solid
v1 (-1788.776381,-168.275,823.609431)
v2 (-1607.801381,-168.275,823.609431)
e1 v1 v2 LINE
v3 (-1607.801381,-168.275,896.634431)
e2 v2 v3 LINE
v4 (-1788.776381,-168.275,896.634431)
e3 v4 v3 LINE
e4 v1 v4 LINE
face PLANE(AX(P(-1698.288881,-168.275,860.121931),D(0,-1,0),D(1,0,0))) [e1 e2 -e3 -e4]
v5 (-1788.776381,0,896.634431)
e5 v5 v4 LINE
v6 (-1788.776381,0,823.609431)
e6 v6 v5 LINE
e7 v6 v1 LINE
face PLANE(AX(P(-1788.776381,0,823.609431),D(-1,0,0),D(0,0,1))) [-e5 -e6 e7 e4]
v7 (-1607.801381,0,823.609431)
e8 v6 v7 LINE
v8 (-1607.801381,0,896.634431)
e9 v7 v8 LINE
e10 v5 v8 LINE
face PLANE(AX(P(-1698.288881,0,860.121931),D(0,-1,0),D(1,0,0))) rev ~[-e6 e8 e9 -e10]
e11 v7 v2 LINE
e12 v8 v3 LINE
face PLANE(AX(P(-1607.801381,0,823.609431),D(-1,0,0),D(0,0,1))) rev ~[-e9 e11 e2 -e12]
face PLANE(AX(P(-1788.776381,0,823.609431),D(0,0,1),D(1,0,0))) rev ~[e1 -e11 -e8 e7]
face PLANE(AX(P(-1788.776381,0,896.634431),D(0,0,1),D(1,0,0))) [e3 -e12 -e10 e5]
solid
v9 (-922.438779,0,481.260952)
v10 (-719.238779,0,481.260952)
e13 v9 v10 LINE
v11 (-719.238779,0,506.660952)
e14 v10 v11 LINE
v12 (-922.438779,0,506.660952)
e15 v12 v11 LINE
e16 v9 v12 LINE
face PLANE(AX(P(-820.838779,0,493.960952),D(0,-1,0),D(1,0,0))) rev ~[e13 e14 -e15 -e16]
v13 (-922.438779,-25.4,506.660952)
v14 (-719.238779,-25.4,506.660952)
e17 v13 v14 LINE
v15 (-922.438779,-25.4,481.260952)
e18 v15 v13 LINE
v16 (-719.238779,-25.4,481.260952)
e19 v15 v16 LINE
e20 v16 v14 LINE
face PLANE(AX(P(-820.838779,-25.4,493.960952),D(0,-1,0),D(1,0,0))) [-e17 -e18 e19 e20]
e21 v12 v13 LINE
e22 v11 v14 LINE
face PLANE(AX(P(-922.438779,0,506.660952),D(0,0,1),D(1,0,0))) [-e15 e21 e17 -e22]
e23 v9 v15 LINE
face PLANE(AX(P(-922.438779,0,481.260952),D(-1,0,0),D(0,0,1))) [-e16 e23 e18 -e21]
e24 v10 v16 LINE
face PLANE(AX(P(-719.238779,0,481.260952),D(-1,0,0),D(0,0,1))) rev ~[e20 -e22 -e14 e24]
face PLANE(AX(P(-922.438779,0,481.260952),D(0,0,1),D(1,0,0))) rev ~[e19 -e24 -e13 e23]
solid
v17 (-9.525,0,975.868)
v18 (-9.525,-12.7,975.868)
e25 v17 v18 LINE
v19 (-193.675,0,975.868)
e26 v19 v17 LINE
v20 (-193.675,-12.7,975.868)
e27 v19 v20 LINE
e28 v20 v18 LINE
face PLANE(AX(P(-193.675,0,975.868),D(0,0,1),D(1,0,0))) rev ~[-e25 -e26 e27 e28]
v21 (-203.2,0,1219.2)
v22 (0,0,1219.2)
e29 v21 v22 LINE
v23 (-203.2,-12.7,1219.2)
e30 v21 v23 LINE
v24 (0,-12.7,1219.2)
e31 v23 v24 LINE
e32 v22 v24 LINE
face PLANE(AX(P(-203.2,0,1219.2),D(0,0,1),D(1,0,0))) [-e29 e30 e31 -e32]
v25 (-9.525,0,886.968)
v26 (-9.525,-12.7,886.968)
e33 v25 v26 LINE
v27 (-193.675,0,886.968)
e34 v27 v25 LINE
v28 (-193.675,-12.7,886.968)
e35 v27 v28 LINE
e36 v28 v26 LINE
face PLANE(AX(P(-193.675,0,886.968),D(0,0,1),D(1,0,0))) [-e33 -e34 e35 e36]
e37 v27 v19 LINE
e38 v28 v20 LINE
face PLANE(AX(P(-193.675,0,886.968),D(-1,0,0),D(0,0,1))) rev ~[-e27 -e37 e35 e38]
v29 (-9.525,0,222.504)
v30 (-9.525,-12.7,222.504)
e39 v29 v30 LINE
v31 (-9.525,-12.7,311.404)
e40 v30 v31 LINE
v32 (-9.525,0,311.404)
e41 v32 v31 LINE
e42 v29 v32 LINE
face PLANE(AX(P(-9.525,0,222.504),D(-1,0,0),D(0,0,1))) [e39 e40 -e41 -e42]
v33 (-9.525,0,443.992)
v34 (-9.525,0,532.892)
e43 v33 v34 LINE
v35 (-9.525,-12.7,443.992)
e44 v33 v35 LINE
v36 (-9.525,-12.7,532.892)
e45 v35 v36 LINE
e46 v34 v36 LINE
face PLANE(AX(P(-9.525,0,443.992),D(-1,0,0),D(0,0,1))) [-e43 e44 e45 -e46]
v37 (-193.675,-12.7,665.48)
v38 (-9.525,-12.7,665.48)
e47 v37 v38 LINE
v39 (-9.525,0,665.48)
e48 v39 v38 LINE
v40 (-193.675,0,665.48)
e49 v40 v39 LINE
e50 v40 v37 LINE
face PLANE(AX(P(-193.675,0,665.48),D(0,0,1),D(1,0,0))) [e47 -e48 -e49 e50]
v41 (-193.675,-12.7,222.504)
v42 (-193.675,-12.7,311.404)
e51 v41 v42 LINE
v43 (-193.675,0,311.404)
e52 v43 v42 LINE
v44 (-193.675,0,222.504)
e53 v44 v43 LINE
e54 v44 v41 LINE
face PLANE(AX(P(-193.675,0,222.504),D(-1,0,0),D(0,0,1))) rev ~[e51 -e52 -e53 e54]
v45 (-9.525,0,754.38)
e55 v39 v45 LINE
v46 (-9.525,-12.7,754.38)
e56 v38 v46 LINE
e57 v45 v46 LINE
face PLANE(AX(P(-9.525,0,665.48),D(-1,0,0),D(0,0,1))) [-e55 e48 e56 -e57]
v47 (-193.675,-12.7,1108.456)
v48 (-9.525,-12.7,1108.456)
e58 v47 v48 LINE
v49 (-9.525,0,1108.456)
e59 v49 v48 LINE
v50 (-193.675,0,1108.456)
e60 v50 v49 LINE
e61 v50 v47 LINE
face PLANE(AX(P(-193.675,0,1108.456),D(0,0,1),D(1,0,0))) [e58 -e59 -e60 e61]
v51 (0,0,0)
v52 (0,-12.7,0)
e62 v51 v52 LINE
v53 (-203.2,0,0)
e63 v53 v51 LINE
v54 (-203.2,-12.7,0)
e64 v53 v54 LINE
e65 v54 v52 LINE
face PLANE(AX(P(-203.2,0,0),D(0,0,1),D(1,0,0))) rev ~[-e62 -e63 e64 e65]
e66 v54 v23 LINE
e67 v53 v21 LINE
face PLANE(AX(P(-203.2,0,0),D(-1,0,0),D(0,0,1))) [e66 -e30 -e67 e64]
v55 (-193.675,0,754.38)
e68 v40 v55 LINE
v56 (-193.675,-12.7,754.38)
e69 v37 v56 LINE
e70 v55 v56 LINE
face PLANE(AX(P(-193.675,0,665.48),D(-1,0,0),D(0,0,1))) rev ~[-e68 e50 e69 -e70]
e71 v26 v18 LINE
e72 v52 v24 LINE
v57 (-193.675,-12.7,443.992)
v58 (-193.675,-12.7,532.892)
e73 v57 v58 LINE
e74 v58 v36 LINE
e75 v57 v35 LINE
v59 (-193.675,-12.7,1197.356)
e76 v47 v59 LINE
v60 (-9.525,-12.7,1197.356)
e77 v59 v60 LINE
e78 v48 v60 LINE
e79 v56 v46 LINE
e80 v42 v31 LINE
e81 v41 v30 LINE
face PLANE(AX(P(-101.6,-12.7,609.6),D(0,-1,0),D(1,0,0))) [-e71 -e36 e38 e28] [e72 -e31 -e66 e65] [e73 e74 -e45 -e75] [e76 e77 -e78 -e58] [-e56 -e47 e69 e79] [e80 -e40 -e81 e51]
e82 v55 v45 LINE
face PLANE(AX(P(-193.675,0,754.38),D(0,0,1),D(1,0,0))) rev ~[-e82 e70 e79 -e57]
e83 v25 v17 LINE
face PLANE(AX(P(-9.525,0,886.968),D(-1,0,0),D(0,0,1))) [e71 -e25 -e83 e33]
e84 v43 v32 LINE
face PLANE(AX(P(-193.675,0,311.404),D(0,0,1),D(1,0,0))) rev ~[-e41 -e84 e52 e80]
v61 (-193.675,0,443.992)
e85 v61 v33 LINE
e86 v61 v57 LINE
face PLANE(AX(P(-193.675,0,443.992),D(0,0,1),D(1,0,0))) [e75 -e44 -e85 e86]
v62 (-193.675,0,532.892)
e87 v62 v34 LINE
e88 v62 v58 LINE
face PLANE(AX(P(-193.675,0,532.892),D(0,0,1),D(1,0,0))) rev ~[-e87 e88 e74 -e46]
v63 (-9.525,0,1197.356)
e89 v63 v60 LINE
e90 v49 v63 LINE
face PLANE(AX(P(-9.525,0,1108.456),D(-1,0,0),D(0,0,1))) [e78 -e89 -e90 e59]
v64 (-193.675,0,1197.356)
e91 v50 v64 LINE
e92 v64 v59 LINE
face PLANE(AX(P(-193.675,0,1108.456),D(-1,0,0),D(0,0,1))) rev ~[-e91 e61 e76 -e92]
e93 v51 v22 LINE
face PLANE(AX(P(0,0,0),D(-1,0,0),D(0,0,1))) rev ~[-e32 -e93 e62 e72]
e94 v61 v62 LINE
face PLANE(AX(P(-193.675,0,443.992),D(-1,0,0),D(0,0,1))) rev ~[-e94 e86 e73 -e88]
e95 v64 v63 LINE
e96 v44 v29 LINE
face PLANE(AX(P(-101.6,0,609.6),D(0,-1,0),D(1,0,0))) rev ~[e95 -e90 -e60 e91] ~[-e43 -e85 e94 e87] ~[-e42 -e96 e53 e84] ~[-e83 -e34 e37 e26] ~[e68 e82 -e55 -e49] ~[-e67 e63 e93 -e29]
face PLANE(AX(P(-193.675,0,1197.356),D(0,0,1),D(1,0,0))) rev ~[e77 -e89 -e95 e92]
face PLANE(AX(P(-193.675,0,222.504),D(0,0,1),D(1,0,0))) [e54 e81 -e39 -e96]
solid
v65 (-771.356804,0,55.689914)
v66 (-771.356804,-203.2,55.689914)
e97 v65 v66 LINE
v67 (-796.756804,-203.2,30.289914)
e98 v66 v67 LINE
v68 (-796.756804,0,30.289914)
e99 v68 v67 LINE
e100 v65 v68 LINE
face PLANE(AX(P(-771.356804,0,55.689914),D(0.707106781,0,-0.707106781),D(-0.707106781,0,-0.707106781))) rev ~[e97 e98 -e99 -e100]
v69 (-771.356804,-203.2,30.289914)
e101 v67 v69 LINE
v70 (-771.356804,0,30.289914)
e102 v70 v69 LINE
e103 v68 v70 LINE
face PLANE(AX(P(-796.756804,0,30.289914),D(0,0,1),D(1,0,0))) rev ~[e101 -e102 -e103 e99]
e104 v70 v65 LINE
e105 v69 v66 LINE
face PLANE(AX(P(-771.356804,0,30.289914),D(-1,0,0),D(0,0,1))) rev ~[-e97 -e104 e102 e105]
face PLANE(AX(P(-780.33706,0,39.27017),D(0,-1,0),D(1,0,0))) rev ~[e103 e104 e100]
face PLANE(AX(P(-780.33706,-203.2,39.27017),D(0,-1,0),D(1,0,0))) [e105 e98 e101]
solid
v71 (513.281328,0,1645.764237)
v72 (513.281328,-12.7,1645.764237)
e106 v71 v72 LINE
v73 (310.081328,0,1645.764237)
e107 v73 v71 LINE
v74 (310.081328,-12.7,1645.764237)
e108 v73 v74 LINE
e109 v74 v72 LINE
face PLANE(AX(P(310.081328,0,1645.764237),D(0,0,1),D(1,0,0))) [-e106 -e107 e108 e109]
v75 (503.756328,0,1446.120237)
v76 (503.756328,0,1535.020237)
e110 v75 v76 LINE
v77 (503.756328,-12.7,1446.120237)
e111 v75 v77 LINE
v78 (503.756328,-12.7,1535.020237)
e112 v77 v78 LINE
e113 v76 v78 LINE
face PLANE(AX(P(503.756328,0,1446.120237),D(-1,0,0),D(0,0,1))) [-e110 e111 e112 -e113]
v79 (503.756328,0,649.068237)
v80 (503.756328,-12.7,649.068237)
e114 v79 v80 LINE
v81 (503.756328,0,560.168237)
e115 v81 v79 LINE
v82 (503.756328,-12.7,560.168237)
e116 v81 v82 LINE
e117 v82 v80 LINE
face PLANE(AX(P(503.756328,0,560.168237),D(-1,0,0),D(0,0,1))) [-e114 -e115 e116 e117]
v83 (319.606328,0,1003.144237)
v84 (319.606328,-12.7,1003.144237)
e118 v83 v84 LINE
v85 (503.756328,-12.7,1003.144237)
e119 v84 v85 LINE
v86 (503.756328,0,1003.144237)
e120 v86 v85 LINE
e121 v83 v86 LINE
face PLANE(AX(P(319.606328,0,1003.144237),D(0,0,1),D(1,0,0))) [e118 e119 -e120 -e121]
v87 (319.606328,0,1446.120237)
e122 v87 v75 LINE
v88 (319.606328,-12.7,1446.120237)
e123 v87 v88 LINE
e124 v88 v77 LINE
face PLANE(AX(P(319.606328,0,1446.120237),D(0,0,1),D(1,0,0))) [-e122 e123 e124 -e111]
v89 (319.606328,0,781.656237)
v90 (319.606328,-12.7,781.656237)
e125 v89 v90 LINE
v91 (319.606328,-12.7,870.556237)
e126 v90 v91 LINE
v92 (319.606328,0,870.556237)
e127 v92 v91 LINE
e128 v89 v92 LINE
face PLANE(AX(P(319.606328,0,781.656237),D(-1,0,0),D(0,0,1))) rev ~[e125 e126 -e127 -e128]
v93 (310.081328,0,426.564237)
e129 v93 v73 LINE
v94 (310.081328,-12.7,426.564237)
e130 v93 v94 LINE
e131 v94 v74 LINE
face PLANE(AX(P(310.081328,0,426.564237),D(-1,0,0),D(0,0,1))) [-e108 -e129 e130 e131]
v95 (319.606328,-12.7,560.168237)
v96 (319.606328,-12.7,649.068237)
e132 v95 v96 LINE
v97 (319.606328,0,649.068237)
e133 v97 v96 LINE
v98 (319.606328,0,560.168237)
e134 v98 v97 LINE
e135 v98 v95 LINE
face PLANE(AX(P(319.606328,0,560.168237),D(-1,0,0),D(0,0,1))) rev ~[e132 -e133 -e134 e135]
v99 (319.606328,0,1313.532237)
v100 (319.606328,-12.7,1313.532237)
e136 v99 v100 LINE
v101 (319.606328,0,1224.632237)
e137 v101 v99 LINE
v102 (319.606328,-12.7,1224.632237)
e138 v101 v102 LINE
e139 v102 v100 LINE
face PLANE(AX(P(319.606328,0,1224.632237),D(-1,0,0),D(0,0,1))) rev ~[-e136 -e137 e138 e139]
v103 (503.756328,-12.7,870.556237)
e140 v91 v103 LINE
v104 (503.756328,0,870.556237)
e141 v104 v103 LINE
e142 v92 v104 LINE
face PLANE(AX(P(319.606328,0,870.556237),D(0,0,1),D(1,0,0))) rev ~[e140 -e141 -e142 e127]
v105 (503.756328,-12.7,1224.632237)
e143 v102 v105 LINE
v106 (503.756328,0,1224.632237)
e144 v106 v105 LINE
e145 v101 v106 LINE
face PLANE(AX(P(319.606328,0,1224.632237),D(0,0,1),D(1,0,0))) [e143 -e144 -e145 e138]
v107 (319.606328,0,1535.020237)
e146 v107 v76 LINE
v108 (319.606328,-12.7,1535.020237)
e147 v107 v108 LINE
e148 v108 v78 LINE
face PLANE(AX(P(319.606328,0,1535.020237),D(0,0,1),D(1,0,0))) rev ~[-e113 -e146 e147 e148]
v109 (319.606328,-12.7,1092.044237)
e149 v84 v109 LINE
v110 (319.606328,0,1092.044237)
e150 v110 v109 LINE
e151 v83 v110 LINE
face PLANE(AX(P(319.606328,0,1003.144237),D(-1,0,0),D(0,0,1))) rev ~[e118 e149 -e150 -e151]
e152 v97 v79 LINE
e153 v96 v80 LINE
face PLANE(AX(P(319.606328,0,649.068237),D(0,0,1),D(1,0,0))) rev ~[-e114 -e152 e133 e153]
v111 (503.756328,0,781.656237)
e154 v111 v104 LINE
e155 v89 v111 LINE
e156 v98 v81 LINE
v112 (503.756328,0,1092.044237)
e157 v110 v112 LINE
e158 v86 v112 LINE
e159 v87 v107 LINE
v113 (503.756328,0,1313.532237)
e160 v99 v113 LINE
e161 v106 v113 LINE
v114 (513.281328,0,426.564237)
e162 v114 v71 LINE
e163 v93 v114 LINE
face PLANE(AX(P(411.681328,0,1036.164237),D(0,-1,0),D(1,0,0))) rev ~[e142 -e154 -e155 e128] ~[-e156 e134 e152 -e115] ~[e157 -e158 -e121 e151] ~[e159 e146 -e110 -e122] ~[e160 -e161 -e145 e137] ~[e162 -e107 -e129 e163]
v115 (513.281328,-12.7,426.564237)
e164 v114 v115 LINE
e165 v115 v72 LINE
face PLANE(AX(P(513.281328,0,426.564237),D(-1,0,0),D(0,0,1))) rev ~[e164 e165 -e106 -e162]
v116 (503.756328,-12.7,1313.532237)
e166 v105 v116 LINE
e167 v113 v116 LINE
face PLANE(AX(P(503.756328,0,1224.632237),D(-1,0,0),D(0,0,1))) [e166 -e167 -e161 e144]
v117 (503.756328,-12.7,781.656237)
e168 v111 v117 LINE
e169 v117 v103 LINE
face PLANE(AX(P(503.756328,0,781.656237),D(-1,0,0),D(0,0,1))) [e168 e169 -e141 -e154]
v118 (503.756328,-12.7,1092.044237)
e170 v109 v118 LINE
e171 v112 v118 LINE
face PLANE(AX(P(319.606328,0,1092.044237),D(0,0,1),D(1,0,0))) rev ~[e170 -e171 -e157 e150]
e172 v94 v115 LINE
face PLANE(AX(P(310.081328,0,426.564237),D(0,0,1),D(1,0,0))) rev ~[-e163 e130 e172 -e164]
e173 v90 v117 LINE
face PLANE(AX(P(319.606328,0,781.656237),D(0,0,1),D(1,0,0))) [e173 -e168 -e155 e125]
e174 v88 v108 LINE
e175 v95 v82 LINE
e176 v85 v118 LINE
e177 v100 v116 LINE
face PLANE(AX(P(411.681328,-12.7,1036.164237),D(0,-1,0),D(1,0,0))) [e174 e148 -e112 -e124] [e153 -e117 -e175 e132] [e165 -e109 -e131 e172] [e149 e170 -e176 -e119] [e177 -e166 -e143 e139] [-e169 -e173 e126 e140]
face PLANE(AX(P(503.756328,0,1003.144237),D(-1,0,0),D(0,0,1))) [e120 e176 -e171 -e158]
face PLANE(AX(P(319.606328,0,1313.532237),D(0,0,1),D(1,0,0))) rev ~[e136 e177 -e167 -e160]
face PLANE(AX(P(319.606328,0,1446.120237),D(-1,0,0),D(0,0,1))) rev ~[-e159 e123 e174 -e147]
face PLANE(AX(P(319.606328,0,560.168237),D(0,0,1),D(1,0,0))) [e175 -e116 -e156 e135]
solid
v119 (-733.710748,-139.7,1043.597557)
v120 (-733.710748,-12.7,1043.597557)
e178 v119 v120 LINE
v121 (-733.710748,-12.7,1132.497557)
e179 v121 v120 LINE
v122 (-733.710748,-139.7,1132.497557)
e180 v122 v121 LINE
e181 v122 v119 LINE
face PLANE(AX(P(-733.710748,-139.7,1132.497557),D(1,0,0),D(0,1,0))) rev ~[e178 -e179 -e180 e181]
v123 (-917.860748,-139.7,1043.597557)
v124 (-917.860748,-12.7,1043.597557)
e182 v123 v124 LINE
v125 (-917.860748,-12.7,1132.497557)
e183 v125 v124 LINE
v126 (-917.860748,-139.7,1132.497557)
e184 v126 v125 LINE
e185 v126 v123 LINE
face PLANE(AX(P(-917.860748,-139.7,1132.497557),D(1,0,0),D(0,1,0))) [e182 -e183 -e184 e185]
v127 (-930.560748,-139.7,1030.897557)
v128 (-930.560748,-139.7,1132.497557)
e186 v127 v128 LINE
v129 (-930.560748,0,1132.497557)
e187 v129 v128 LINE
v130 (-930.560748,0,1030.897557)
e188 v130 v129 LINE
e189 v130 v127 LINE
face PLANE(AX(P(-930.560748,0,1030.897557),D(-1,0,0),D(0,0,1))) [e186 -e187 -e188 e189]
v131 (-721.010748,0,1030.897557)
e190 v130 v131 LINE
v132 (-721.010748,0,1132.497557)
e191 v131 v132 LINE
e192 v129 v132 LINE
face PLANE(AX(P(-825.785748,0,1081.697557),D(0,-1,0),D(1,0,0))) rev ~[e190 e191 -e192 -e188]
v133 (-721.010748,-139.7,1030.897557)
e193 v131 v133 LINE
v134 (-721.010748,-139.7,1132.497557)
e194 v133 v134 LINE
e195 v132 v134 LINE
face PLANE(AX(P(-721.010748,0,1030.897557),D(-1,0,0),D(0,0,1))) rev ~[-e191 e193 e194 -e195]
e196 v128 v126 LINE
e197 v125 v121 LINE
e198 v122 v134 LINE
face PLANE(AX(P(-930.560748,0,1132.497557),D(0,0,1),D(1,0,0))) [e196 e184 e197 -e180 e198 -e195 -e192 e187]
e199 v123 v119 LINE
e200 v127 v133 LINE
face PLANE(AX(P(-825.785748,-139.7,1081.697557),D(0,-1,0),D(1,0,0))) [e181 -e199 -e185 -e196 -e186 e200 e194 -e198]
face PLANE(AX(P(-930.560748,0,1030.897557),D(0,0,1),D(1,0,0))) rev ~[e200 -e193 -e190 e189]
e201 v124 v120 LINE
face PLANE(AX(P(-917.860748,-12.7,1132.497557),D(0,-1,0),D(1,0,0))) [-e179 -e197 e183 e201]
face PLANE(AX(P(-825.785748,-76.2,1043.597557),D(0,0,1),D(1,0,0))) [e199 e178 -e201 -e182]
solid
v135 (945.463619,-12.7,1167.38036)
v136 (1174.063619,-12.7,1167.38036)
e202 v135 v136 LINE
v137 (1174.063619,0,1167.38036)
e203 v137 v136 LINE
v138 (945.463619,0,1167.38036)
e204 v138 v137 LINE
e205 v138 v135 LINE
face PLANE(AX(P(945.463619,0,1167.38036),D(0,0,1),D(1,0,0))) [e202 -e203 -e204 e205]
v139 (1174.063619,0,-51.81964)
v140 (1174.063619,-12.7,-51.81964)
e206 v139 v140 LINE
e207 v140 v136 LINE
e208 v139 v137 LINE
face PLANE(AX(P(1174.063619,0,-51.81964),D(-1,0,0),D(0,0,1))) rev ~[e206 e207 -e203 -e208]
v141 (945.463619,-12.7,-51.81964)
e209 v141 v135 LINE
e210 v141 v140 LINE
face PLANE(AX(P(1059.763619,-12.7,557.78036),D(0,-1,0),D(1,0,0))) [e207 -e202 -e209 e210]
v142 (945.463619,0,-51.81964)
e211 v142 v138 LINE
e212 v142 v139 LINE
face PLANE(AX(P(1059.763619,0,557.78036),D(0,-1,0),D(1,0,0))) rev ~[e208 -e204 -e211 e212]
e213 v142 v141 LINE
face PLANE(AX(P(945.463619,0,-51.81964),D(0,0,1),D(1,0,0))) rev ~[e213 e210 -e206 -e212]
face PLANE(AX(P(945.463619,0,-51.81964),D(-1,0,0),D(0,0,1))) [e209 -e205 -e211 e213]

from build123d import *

# Parameters (mm, degrees)
F0_W      = 203.2
F0_H      = 1219.2
F0_W_2    = 184.15
F0_H_2    = 88.9
F1_DEPTH  = 12.7
F2_W      = 203.2
F2_H      = 1219.2
F2_W_2    = 184.15
F2_H_2    = 88.9
F3_DEPTH  = 12.7
F4_W      = 209.55
F4_H      = 101.6
F5_DEPTH  = 139.7
F6_W      = 184.15
F6_H      = 127
F7_DEPTH  = 88.9
F8_W      = 203.2
F8_H      = 25.4
F9_DEPTH  = 25.4
F10_W     = 180.975
F10_H     = 73.025
F11_DEPTH = 168.275
F12_W     = 228.6
F12_H     = 1219.2
F13_DEPTH = 12.7
F15_DEPTH = 203.2


with BuildPart() as f1:
    # F0 (on Front) → F1 (new body)
    with BuildSketch(Plane.XZ):
        with Locations((-101.6, 609.6)):
            Rectangle(F0_W, F0_H)
        with Locations((-101.6, 266.954)):
            Rectangle(F0_W_2, F0_H_2, mode=Mode.SUBTRACT)
        with Locations((-101.6, 488.442)):
            Rectangle(F0_W_2, F0_H_2, mode=Mode.SUBTRACT)
        with Locations((-101.6, 709.93)):
            Rectangle(F0_W_2, F0_H_2, mode=Mode.SUBTRACT)
        with Locations((-101.6, 931.418)):
            Rectangle(F0_W_2, F0_H_2, mode=Mode.SUBTRACT)
        with Locations((-101.6, 1152.906)):
            Rectangle(F0_W_2, F0_H_2, mode=Mode.SUBTRACT)
    extrude(amount=F1_DEPTH)


with BuildPart() as f3:
    # F2 (on Front) → F3 (new body)
    with BuildSketch(Plane.XZ):
        with Locations((411.681328, 1036.164237)):
            Rectangle(F2_W, F2_H)
        with Locations((411.681328, 604.618237)):
            Rectangle(F2_W_2, F2_H_2, mode=Mode.SUBTRACT)
        with Locations((411.681328, 826.106237)):
            Rectangle(F2_W_2, F2_H_2, mode=Mode.SUBTRACT)
        with Locations((411.681328, 1047.594237)):
            Rectangle(F2_W_2, F2_H_2, mode=Mode.SUBTRACT)
        with Locations((411.681328, 1269.082237)):
            Rectangle(F2_W_2, F2_H_2, mode=Mode.SUBTRACT)
        with Locations((411.681328, 1490.570237)):
            Rectangle(F2_W_2, F2_H_2, mode=Mode.SUBTRACT)
    extrude(amount=F3_DEPTH)


with BuildPart() as f5:
    # F4 (on Front) → F5 (new body)
    with BuildSketch(Plane.XZ):
        with Locations((-825.785748, 1081.697557)):
            Rectangle(F4_W, F4_H)
    extrude(amount=F5_DEPTH)

    # F6 (on face) → F7 (cut)
    with BuildSketch(Plane.XY.offset(1132.497557)):
        with Locations((-825.785748, -76.2)):
            Rectangle(F6_W, F6_H)
    extrude(amount=-F7_DEPTH, mode=Mode.SUBTRACT)


with BuildPart() as f9:
    # F8 (on Front) → F9 (new body)
    with BuildSketch(Plane.XZ):
        with Locations((-820.838779, 493.960952)):
            Rectangle(F8_W, F8_H)
    extrude(amount=F9_DEPTH)


with BuildPart() as f11:
    # F10 (on Front) → F11 (new body)
    with BuildSketch(Plane.XZ):
        with Locations((-1698.288881, 860.121931)):
            Rectangle(F10_W, F10_H)
    extrude(amount=F11_DEPTH)


with BuildPart() as f13:
    # F12 (on Front) → F13 (new body)
    with BuildSketch(Plane.XZ):
        with Locations((1059.763619, 557.78036)):
            Rectangle(F12_W, F12_H)
    extrude(amount=F13_DEPTH)


with BuildPart() as f15:
    # F14 (on Front) → F15 (new body)
    with BuildSketch(Plane.XZ):
        Polygon((-771.356804, 30.289914), (-771.356804, 55.689914), (-796.756804, 30.289914), align=None)
    extrude(amount=F15_DEPTH)


solid = Compound([f1.part, f3.part, f5.part, f9.part, f11.part, f13.part, f15.part])
